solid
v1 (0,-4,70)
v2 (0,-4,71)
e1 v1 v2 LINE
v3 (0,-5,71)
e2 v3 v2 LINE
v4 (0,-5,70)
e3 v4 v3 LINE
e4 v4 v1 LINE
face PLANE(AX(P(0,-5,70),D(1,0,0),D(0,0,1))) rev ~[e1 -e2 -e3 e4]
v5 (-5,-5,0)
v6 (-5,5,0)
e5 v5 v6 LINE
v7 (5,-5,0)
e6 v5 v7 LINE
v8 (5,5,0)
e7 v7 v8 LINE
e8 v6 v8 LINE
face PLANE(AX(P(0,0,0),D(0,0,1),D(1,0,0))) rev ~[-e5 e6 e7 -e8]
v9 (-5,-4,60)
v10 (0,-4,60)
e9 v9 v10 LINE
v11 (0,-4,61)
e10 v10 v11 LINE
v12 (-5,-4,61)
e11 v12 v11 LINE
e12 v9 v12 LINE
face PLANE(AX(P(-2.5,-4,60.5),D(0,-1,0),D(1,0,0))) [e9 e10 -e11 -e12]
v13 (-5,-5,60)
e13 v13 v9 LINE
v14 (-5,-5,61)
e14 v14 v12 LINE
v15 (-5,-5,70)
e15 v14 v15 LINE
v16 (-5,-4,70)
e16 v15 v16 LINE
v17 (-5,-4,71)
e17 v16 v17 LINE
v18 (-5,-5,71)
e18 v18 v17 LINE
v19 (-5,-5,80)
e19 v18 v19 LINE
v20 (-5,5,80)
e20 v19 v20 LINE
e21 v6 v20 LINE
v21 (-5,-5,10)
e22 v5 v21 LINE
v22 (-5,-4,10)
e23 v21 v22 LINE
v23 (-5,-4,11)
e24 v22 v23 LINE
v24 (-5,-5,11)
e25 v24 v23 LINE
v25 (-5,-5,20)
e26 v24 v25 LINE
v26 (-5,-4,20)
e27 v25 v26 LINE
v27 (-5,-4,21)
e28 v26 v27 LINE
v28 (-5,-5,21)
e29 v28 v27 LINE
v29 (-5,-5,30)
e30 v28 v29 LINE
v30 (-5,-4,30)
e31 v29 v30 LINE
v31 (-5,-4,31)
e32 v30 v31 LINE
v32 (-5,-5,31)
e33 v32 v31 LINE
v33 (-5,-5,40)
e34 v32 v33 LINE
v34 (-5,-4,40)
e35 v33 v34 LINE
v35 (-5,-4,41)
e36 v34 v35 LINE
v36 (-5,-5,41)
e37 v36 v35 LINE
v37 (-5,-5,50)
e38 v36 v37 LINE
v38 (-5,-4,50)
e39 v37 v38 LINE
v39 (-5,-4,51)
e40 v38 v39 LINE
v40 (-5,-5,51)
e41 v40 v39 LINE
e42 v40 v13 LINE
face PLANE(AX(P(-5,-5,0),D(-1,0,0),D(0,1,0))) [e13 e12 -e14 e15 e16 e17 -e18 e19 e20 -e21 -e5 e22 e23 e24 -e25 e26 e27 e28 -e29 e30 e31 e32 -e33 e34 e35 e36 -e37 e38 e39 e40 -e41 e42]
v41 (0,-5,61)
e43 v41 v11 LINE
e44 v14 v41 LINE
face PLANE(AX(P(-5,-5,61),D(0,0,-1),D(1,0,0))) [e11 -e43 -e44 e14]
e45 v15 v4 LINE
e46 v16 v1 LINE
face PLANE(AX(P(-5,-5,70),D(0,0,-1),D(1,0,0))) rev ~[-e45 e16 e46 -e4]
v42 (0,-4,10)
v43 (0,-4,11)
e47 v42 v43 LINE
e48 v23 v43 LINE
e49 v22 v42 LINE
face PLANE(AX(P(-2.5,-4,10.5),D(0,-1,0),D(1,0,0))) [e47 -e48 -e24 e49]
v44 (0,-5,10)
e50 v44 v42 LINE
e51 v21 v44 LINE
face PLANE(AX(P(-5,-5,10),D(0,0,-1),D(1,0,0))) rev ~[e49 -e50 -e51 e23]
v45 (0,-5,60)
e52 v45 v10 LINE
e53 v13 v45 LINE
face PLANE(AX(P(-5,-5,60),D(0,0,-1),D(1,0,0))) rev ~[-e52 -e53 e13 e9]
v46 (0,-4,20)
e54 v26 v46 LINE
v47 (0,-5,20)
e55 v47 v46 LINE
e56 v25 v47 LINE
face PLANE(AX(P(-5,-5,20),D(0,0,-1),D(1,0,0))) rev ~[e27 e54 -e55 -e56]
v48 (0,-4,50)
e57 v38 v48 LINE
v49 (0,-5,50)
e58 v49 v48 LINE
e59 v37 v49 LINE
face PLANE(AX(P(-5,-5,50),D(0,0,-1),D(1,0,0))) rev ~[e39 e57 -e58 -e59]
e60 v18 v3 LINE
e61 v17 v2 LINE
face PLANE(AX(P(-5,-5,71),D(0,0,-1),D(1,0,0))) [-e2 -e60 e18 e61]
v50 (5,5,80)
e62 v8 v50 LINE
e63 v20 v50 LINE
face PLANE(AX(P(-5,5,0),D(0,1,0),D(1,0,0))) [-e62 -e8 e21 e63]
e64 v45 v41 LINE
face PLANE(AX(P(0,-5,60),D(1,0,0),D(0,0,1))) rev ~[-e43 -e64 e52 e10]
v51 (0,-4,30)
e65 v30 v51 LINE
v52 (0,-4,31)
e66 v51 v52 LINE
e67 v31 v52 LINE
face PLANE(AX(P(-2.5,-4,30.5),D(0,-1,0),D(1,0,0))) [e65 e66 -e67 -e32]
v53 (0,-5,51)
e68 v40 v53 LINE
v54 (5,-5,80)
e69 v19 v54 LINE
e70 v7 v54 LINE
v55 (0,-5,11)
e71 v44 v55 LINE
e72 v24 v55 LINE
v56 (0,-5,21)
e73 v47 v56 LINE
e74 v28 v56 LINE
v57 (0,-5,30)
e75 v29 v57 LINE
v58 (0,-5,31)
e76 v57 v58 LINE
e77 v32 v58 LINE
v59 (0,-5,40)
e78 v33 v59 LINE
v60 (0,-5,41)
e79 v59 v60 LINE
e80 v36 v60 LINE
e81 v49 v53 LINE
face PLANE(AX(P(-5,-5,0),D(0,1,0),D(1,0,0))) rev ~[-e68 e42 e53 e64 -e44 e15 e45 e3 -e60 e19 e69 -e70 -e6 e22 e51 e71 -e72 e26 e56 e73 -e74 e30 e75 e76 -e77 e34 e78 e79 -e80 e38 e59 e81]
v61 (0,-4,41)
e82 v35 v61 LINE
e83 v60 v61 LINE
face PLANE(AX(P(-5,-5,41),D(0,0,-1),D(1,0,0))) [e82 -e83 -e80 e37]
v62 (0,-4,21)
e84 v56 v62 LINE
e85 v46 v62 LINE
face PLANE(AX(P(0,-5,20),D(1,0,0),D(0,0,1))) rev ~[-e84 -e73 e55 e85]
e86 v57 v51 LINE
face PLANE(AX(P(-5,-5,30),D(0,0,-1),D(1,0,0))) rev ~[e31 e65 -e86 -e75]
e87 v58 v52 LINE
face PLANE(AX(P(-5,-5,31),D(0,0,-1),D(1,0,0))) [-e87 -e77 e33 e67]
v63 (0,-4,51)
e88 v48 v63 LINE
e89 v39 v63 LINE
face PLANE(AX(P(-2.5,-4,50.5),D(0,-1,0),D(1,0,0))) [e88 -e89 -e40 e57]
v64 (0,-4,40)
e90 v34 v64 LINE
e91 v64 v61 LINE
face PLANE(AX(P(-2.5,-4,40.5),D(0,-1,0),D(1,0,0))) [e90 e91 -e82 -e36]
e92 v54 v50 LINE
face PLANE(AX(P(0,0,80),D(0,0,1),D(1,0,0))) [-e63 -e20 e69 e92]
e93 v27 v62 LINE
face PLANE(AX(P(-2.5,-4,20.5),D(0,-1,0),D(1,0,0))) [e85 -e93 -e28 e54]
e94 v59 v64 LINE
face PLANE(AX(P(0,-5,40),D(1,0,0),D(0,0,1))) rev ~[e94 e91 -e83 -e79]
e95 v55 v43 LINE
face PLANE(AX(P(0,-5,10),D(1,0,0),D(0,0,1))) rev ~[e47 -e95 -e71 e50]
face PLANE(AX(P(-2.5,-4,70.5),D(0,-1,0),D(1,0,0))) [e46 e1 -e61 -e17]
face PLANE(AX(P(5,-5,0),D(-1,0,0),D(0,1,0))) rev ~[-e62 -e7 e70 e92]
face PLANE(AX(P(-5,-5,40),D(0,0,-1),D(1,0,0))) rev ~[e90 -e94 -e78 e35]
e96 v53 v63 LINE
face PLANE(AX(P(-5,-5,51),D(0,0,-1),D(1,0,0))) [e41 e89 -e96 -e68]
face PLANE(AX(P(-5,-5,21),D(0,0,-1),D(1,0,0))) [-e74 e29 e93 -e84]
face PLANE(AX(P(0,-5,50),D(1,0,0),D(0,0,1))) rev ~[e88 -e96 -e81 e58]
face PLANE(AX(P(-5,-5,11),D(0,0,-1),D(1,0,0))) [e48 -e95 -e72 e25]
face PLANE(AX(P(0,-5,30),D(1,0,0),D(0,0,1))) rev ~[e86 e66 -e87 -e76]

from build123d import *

# Parameters (mm, degrees)
F0_W     = 10
F0_H     = 10
F1_DEPTH = 80
F2_W     = 5
F2_H     = 1
F3_DEPTH = 1


with BuildPart() as f1:
    # F0 (on Top) → F1 (new body)
    with BuildSketch(Plane.XY):
        Rectangle(F0_W, F0_H)
    extrude(amount=F1_DEPTH)

    # F2 (on face) → F3 (cut)
    with BuildSketch(Plane.XZ.offset(5)):
        with Locations((-2.5, 70.5)):
            Rectangle(F2_W, F2_H)
        with Locations((-2.5, 60.5)):
            Rectangle(F2_W, F2_H)
        with Locations((-2.5, 50.5)):
            Rectangle(F2_W, F2_H)
        with Locations((-2.5, 40.5)):
            Rectangle(F2_W, F2_H)
        with Locations((-2.5, 30.5)):
            Rectangle(F2_W, F2_H)
        with Locations((-2.5, 20.5)):
            Rectangle(F2_W, F2_H)
        with Locations((-2.5, 10.5)):
            Rectangle(F2_W, F2_H)
    extrude(amount=-F3_DEPTH, mode=Mode.SUBTRACT)


solid = f1.part
